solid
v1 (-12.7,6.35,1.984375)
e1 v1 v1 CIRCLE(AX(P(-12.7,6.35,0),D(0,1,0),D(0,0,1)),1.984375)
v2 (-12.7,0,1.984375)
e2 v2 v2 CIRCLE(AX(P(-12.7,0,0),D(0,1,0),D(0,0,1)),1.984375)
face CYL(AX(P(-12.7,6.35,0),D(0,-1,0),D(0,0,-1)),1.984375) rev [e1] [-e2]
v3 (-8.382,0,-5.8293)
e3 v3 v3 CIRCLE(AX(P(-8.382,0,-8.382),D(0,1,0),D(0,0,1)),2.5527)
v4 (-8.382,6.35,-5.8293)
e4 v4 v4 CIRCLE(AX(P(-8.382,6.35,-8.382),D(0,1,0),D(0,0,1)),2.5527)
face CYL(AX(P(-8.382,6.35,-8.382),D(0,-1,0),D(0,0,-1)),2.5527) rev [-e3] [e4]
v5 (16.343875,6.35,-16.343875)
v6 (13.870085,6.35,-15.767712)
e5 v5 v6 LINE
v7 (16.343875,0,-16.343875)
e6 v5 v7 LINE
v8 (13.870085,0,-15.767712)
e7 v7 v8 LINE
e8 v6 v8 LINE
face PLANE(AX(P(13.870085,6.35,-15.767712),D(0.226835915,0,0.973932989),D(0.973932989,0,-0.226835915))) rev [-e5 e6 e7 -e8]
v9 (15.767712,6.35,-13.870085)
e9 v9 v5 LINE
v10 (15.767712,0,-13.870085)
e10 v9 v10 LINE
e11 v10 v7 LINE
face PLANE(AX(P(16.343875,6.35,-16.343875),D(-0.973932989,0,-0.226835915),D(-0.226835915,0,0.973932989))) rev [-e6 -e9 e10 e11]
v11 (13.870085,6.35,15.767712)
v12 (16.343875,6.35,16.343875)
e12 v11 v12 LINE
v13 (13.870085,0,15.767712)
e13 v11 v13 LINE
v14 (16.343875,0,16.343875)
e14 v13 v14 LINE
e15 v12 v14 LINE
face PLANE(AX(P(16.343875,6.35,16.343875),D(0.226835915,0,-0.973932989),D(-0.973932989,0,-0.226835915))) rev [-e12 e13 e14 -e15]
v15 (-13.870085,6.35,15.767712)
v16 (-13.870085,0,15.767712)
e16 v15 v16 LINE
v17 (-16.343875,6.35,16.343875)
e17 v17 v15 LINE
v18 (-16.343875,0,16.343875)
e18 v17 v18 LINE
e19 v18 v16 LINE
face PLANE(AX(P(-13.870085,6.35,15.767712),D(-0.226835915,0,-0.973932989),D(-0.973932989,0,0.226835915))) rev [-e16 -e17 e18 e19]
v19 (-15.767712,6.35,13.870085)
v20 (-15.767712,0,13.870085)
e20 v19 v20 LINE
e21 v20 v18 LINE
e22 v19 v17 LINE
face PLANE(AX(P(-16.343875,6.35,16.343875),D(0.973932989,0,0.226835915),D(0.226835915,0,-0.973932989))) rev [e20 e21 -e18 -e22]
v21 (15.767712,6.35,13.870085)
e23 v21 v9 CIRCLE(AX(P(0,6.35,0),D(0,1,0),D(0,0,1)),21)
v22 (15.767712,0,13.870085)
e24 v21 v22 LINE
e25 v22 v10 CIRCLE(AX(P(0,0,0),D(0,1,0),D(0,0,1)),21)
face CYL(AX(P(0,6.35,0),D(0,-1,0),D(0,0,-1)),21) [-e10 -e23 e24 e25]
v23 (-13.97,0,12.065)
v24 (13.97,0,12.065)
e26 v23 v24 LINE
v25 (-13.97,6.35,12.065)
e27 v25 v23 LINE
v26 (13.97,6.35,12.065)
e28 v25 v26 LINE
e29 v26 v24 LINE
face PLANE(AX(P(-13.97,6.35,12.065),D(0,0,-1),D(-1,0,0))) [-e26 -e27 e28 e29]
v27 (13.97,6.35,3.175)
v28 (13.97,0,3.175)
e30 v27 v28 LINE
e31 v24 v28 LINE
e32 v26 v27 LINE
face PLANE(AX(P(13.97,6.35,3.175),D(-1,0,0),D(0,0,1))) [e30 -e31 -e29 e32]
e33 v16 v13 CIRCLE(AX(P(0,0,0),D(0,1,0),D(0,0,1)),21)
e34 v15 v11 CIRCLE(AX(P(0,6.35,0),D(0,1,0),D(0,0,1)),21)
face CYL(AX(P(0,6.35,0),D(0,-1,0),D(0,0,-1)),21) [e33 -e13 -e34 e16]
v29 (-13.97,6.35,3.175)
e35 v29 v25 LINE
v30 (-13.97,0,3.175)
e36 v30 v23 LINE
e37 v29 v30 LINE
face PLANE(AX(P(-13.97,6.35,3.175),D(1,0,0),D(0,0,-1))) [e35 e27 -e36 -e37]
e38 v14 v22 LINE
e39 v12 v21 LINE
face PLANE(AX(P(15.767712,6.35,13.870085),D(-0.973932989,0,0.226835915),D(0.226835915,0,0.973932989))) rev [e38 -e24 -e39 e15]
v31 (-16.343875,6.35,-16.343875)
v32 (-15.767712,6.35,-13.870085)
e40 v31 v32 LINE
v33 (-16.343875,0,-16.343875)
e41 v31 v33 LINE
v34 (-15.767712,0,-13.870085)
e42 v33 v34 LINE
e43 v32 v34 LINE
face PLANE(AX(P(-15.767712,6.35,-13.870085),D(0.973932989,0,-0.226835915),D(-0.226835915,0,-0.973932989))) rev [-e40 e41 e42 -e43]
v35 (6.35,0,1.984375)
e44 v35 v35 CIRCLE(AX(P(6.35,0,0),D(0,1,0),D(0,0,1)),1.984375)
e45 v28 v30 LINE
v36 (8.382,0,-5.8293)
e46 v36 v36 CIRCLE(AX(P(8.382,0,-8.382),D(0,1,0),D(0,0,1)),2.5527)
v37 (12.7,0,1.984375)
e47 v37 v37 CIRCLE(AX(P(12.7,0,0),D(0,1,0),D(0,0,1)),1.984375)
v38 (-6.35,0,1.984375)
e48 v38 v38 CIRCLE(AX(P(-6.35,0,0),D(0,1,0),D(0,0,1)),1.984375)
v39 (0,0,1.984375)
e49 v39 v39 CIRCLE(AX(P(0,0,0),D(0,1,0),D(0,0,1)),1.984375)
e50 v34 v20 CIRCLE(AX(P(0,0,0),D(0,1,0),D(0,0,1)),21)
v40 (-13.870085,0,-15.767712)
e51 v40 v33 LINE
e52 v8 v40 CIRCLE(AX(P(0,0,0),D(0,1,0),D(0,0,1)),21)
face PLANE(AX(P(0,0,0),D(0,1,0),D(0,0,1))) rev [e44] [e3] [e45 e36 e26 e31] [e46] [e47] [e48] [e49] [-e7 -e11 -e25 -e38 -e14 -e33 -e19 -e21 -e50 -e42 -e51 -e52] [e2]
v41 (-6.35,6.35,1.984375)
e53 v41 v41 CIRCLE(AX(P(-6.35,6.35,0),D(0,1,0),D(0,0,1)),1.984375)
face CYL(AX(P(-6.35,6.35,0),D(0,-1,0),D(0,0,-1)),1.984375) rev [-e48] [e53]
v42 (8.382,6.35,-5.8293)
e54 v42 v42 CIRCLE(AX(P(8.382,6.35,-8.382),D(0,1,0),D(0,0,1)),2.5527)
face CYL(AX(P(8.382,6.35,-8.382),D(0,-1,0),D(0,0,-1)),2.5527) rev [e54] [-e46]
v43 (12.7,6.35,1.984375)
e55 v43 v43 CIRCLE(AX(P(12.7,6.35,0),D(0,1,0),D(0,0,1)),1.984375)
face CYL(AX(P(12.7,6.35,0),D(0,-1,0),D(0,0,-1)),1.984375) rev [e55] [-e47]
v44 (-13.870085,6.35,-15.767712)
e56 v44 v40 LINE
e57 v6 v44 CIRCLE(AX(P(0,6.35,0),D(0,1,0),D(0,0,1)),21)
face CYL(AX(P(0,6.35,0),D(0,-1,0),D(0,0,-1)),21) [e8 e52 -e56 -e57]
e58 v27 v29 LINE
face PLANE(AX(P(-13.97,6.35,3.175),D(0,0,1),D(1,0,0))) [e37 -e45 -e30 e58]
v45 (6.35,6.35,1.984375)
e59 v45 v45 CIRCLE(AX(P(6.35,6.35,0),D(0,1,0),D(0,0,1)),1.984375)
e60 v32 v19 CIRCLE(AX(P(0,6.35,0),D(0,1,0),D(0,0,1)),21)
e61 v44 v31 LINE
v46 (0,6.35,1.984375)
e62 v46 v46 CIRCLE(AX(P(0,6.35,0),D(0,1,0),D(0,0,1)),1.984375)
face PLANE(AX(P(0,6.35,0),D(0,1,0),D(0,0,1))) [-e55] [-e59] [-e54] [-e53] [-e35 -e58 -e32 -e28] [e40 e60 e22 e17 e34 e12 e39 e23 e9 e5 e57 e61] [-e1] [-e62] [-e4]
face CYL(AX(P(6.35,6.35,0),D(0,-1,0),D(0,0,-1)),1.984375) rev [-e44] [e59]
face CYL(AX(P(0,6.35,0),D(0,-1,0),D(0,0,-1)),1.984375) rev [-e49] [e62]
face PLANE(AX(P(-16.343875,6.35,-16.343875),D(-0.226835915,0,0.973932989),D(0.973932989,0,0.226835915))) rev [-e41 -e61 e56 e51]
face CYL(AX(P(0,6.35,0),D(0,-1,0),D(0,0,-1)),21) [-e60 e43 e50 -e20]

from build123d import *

# Parameters (mm, degrees)
SKETCH1_R           = 1.984375
SKETCH1_R_2         = 2.5527
SKETCH1_W           = 27.94
SKETCH1_H           = 8.89
BOSS_EXTRUDE1_DEPTH = 6.35


with BuildPart() as part:
    # Sketch1 → Boss-Extrude1 (new body)
    with BuildSketch(Plane(origin=(0, 0, 0), x_dir=(1, 0, 0), z_dir=(0, 1, 0))):
        with BuildLine():
            Line((13.870085237, 15.767711804), (16.343875029, 16.343875029))
            Line((16.343875029, 16.343875029), (15.767711804, 13.870085237))
            ThreePointArc((15.767711804, 13.870085237), (21, 0), (15.767711804, -13.870085237))
            Line((15.767711804, -13.870085237), (16.343875029, -16.343875029))
            Line((16.343875029, -16.343875029), (13.870085237, -15.767711804))
            ThreePointArc((13.870085237, -15.767711804), (0, -21), (-13.870085237, -15.767711804))
            Line((-13.870085237, -15.767711804), (-16.343875029, -16.343875029))
            Line((-16.343875029, -16.343875029), (-15.767711804, -13.870085237))
            ThreePointArc((-15.767711804, -13.870085237), (-21, 0), (-15.767711804, 13.870085237))
            Line((-15.767711804, 13.870085237), (-16.343875029, 16.343875029))
            Line((-16.343875029, 16.343875029), (-13.870085237, 15.767711804))
            ThreePointArc((-13.870085237, 15.767711804), (0, 21), (13.870085237, 15.767711804))
        make_face()
        with Locations(Location((-12.7, 0, 0), (0, 0, 270))):
            Circle(SKETCH1_R, mode=Mode.SUBTRACT)
        with Locations(Location((-6.35, 0, 0), (0, 0, 270))):
            Circle(SKETCH1_R, mode=Mode.SUBTRACT)
        with Locations(Location((0, 0, 0), (0, 0, 270))):
            Circle(SKETCH1_R, mode=Mode.SUBTRACT)
        with Locations(Location((-8.382, 8.382, 0), (0, 0, 270))):
            Circle(SKETCH1_R_2, mode=Mode.SUBTRACT)
        with Locations(Location((8.382, 8.382, 0), (0, 0, 270))):
            Circle(SKETCH1_R_2, mode=Mode.SUBTRACT)
        with Locations(Location((6.35, 0, 0), (0, 0, 270))):
            Circle(SKETCH1_R, mode=Mode.SUBTRACT)
        with Locations(Location((12.7, 0, 0), (0, 0, 270))):
            Circle(SKETCH1_R, mode=Mode.SUBTRACT)
        with Locations((0, -7.62)):
            Rectangle(SKETCH1_W, SKETCH1_H, mode=Mode.SUBTRACT)
    extrude(amount=BOSS_EXTRUDE1_DEPTH)


solid = part.part
